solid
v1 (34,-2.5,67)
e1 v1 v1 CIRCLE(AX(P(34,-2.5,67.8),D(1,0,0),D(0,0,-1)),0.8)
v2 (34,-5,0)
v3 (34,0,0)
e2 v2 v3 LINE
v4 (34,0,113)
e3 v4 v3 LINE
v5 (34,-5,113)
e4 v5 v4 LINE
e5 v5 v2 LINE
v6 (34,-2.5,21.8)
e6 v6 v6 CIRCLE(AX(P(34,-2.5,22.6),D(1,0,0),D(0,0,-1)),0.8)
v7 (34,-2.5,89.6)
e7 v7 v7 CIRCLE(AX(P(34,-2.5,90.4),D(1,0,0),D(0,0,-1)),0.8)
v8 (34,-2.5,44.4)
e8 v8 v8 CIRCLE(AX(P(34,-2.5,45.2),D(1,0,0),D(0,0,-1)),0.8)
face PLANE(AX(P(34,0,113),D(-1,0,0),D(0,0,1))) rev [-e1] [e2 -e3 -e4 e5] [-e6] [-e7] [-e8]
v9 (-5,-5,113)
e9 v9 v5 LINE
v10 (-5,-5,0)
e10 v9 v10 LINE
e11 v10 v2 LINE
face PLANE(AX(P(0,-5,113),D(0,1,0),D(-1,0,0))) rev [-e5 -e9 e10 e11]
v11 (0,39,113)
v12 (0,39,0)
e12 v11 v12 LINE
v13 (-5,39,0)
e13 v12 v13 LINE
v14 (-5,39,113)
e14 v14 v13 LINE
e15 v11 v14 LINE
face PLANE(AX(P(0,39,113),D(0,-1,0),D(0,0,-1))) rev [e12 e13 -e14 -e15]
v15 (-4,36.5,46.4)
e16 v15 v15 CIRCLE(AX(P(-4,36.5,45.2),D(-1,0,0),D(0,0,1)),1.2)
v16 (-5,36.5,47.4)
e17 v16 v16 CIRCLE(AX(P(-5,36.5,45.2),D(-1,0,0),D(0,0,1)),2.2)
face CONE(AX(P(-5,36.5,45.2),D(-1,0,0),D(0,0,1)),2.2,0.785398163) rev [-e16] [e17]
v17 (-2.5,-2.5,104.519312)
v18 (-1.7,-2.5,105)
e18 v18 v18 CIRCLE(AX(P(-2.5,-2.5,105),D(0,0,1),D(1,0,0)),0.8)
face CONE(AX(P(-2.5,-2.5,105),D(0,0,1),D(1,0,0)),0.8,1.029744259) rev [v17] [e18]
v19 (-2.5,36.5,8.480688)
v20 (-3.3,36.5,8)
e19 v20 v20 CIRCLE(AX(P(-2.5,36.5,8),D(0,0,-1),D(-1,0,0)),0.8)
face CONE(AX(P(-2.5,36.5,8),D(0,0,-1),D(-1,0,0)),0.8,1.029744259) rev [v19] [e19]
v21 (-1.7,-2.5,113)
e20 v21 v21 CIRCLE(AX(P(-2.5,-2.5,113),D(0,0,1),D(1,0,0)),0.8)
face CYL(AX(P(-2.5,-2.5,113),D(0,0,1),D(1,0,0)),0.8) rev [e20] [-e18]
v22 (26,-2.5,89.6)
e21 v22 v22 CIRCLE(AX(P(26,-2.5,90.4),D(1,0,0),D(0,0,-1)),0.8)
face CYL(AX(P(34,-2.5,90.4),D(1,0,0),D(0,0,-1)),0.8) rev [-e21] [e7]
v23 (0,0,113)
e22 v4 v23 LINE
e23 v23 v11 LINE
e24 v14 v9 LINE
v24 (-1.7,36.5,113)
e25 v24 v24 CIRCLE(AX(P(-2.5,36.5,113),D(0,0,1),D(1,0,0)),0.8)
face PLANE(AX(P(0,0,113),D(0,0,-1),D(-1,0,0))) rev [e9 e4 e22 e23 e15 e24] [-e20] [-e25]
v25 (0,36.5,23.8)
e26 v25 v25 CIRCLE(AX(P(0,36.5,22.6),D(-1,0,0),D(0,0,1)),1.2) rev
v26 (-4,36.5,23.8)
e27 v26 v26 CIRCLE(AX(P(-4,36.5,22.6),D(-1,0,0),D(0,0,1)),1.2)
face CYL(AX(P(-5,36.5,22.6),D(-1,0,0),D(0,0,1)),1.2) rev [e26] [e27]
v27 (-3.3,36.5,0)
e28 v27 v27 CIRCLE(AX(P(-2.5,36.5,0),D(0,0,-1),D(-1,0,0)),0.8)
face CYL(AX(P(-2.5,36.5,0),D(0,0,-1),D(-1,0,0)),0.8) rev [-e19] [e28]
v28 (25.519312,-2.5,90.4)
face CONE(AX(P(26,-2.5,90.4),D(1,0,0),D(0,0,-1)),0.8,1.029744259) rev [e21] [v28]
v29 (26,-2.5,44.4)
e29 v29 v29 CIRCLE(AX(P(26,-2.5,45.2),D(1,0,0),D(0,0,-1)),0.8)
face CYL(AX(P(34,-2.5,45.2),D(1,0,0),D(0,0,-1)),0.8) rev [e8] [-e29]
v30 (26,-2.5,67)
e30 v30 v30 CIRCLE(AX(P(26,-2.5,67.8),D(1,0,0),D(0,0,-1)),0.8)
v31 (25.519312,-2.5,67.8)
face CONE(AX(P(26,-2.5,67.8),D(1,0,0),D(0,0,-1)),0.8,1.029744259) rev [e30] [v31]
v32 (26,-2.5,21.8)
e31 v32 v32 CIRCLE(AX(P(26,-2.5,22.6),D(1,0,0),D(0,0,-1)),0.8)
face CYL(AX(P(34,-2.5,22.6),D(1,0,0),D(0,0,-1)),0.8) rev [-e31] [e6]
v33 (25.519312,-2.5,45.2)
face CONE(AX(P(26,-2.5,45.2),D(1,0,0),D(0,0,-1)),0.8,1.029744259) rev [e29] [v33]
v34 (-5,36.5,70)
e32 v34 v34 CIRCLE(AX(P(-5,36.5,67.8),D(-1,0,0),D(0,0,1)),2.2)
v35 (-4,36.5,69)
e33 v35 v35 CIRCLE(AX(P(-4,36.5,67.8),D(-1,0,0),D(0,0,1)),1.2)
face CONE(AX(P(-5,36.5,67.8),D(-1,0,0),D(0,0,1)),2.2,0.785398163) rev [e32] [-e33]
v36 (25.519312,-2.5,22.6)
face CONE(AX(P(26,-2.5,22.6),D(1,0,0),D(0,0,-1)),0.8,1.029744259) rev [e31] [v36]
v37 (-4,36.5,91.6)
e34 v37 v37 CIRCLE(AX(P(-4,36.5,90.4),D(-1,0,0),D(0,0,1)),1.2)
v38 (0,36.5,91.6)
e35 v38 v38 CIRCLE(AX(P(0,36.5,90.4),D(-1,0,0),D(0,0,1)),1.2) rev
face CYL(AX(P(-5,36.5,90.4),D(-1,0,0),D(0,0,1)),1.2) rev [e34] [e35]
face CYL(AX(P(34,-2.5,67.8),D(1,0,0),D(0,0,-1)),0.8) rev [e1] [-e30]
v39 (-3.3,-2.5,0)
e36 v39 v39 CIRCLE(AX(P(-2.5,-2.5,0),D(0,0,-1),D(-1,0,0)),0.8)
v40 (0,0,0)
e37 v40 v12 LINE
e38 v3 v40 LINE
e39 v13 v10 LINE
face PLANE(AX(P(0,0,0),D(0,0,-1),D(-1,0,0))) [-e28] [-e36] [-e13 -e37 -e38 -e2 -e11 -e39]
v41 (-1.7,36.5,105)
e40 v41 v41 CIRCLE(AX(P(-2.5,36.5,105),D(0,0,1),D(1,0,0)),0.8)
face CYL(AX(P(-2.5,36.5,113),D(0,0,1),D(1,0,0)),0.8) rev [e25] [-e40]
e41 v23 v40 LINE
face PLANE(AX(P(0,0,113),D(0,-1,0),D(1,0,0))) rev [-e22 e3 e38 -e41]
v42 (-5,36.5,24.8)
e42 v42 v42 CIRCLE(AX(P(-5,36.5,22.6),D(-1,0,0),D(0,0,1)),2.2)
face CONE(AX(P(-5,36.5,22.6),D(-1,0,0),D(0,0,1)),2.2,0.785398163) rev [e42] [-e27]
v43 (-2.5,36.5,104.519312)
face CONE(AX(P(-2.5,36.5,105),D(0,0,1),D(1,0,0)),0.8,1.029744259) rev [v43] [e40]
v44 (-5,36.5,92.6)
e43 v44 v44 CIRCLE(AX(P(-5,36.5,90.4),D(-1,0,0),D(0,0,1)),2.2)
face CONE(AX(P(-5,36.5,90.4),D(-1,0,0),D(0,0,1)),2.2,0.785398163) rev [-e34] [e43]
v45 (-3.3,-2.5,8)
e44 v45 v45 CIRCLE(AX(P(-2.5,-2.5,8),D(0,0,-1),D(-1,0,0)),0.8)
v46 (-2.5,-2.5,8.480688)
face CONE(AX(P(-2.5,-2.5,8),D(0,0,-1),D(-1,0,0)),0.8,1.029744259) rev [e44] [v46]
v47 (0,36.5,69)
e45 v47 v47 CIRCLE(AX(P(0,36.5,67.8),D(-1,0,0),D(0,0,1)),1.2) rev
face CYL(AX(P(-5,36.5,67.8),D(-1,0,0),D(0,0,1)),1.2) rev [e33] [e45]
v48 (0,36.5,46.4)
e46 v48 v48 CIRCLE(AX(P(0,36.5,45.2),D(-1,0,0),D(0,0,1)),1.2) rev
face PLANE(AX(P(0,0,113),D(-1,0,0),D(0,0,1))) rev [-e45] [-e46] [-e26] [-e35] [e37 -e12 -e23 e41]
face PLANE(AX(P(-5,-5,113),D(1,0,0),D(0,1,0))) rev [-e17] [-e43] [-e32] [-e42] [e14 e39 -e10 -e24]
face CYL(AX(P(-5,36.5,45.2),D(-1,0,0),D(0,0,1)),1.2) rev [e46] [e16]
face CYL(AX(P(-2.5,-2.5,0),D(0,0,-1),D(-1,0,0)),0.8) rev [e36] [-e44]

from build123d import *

# Parameters (mm, degrees)
BOSS_EXTRUDE_EQUERRE_DEPTH                     = 113
FRAISAGE_POUR_VIS_T_TE_FRAIS_E_M20_D           = 2.4
FRAISAGE_POUR_VIS_T_TE_FRAIS_E_M20_DEPTH       = 5
FRAISAGE_POUR_VIS_T_TE_FRAIS_E_M20_CSINK_D     = 4.4
FRAISAGE_POUR_VIS_T_TE_FRAIS_E_M20_CSINK_ANGLE = 90
FRAISAGE_POUR_VIS_T_TE_FRAIS_E_M20_TIP         = 0.721032743
TROU_TARAUD_M2X0_43_D                          = 1.6
TROU_TARAUD_M2X0_43_DEPTH                      = 8
TROU_TARAUD_M2X0_43_TIP                        = 0.480688495
TROU_TARAUD_M2X0_44_AT_2_COUNT                 = 2
TROU_TARAUD_M2X0_44_AT_2_PITCH                 = 39


with BuildPart() as part:
    # Esquisse1 → Boss_Extrude_Equerre (new body)
    with BuildSketch(Plane(origin=(0, 0, 0), x_dir=(0, 1, 0), z_dir=(0, 0, 1))):
        Polygon((0, 0), (39, 0), (39, 5), (-5, 5), (-5, 0), (-5, -34), (0, -34), align=None)
    extrude(amount=BOSS_EXTRUDE_EQUERRE_DEPTH)

    # Fraisage pour vis à tête fraisée M20
    with Locations(Plane.ZY.offset(5)):
        with Locations((67.8, 36.5), (90.4, 36.5), (45.2, 36.5), (22.6, 36.5)):
            CounterSinkHole(FRAISAGE_POUR_VIS_T_TE_FRAIS_E_M20_D / 2, FRAISAGE_POUR_VIS_T_TE_FRAIS_E_M20_CSINK_D / 2, depth=FRAISAGE_POUR_VIS_T_TE_FRAIS_E_M20_DEPTH, counter_sink_angle=FRAISAGE_POUR_VIS_T_TE_FRAIS_E_M20_CSINK_ANGLE)
            with Locations((0, 0, -(FRAISAGE_POUR_VIS_T_TE_FRAIS_E_M20_DEPTH + FRAISAGE_POUR_VIS_T_TE_FRAIS_E_M20_TIP / 2))):  # 118° drill point
                Cone(0, FRAISAGE_POUR_VIS_T_TE_FRAIS_E_M20_D / 2, FRAISAGE_POUR_VIS_T_TE_FRAIS_E_M20_TIP, mode=Mode.SUBTRACT)

    # Trou taraudé M2x0.43
    with Locations(Plane.YZ.offset(34)):
        with Locations((-2.5, 67.8), (-2.5, 90.4), (-2.5, 45.2), (-2.5, 22.6)):
            Hole(TROU_TARAUD_M2X0_43_D / 2, depth=TROU_TARAUD_M2X0_43_DEPTH)
            with Locations((0, 0, -(TROU_TARAUD_M2X0_43_DEPTH + TROU_TARAUD_M2X0_43_TIP / 2))):  # 118° drill point
                Cone(0, TROU_TARAUD_M2X0_43_D / 2, TROU_TARAUD_M2X0_43_TIP, mode=Mode.SUBTRACT)

    # Esquisse11 → Trou taraudé M2x0.44 (revolve, cut)
    with BuildSketch(Plane(origin=(-2.5, 36.5, 113), x_dir=(0, -1, 0), z_dir=(1, 0, 0))):
        Polygon((0, 0), (0, 8.480688495), (0.8, 8), (0.8, 0), align=None)
    trou_taraud_m2x0_44 = revolve(axis=Axis((-2.5, 36.5, 119.35), (0, 0, -1)), mode=Mode.SUBTRACT)

    # Trou taraudé M2x0.44 at 2: Trou taraudé M2x0.44 ×2
    with Locations(*[(0, -i * TROU_TARAUD_M2X0_44_AT_2_PITCH, 0) for i in range(1, TROU_TARAUD_M2X0_44_AT_2_COUNT)]):
        add(trou_taraud_m2x0_44, mode=Mode.SUBTRACT)

    # Symétrie1: Trou taraudé M2x0.44 across plane
    add(trou_taraud_m2x0_44.mirror(Plane.XY.offset(56.5)), mode=Mode.SUBTRACT)

    # Symétrie1 copy 1 sketch → Symétrie1 copy 1 (revolve, cut)
    with BuildSketch(Plane(origin=(-2.5, -2.5, 0), x_dir=(0, -1, 0), z_dir=(1, 0, 0))):
        Polygon((0, 0), (0, -8.480688495), (0.8, -8), (0.8, 0), align=None)
    revolve(axis=Axis((-2.5, -2.5, -6.35), (0, 0, -1)), mode=Mode.SUBTRACT)


solid = part.part
